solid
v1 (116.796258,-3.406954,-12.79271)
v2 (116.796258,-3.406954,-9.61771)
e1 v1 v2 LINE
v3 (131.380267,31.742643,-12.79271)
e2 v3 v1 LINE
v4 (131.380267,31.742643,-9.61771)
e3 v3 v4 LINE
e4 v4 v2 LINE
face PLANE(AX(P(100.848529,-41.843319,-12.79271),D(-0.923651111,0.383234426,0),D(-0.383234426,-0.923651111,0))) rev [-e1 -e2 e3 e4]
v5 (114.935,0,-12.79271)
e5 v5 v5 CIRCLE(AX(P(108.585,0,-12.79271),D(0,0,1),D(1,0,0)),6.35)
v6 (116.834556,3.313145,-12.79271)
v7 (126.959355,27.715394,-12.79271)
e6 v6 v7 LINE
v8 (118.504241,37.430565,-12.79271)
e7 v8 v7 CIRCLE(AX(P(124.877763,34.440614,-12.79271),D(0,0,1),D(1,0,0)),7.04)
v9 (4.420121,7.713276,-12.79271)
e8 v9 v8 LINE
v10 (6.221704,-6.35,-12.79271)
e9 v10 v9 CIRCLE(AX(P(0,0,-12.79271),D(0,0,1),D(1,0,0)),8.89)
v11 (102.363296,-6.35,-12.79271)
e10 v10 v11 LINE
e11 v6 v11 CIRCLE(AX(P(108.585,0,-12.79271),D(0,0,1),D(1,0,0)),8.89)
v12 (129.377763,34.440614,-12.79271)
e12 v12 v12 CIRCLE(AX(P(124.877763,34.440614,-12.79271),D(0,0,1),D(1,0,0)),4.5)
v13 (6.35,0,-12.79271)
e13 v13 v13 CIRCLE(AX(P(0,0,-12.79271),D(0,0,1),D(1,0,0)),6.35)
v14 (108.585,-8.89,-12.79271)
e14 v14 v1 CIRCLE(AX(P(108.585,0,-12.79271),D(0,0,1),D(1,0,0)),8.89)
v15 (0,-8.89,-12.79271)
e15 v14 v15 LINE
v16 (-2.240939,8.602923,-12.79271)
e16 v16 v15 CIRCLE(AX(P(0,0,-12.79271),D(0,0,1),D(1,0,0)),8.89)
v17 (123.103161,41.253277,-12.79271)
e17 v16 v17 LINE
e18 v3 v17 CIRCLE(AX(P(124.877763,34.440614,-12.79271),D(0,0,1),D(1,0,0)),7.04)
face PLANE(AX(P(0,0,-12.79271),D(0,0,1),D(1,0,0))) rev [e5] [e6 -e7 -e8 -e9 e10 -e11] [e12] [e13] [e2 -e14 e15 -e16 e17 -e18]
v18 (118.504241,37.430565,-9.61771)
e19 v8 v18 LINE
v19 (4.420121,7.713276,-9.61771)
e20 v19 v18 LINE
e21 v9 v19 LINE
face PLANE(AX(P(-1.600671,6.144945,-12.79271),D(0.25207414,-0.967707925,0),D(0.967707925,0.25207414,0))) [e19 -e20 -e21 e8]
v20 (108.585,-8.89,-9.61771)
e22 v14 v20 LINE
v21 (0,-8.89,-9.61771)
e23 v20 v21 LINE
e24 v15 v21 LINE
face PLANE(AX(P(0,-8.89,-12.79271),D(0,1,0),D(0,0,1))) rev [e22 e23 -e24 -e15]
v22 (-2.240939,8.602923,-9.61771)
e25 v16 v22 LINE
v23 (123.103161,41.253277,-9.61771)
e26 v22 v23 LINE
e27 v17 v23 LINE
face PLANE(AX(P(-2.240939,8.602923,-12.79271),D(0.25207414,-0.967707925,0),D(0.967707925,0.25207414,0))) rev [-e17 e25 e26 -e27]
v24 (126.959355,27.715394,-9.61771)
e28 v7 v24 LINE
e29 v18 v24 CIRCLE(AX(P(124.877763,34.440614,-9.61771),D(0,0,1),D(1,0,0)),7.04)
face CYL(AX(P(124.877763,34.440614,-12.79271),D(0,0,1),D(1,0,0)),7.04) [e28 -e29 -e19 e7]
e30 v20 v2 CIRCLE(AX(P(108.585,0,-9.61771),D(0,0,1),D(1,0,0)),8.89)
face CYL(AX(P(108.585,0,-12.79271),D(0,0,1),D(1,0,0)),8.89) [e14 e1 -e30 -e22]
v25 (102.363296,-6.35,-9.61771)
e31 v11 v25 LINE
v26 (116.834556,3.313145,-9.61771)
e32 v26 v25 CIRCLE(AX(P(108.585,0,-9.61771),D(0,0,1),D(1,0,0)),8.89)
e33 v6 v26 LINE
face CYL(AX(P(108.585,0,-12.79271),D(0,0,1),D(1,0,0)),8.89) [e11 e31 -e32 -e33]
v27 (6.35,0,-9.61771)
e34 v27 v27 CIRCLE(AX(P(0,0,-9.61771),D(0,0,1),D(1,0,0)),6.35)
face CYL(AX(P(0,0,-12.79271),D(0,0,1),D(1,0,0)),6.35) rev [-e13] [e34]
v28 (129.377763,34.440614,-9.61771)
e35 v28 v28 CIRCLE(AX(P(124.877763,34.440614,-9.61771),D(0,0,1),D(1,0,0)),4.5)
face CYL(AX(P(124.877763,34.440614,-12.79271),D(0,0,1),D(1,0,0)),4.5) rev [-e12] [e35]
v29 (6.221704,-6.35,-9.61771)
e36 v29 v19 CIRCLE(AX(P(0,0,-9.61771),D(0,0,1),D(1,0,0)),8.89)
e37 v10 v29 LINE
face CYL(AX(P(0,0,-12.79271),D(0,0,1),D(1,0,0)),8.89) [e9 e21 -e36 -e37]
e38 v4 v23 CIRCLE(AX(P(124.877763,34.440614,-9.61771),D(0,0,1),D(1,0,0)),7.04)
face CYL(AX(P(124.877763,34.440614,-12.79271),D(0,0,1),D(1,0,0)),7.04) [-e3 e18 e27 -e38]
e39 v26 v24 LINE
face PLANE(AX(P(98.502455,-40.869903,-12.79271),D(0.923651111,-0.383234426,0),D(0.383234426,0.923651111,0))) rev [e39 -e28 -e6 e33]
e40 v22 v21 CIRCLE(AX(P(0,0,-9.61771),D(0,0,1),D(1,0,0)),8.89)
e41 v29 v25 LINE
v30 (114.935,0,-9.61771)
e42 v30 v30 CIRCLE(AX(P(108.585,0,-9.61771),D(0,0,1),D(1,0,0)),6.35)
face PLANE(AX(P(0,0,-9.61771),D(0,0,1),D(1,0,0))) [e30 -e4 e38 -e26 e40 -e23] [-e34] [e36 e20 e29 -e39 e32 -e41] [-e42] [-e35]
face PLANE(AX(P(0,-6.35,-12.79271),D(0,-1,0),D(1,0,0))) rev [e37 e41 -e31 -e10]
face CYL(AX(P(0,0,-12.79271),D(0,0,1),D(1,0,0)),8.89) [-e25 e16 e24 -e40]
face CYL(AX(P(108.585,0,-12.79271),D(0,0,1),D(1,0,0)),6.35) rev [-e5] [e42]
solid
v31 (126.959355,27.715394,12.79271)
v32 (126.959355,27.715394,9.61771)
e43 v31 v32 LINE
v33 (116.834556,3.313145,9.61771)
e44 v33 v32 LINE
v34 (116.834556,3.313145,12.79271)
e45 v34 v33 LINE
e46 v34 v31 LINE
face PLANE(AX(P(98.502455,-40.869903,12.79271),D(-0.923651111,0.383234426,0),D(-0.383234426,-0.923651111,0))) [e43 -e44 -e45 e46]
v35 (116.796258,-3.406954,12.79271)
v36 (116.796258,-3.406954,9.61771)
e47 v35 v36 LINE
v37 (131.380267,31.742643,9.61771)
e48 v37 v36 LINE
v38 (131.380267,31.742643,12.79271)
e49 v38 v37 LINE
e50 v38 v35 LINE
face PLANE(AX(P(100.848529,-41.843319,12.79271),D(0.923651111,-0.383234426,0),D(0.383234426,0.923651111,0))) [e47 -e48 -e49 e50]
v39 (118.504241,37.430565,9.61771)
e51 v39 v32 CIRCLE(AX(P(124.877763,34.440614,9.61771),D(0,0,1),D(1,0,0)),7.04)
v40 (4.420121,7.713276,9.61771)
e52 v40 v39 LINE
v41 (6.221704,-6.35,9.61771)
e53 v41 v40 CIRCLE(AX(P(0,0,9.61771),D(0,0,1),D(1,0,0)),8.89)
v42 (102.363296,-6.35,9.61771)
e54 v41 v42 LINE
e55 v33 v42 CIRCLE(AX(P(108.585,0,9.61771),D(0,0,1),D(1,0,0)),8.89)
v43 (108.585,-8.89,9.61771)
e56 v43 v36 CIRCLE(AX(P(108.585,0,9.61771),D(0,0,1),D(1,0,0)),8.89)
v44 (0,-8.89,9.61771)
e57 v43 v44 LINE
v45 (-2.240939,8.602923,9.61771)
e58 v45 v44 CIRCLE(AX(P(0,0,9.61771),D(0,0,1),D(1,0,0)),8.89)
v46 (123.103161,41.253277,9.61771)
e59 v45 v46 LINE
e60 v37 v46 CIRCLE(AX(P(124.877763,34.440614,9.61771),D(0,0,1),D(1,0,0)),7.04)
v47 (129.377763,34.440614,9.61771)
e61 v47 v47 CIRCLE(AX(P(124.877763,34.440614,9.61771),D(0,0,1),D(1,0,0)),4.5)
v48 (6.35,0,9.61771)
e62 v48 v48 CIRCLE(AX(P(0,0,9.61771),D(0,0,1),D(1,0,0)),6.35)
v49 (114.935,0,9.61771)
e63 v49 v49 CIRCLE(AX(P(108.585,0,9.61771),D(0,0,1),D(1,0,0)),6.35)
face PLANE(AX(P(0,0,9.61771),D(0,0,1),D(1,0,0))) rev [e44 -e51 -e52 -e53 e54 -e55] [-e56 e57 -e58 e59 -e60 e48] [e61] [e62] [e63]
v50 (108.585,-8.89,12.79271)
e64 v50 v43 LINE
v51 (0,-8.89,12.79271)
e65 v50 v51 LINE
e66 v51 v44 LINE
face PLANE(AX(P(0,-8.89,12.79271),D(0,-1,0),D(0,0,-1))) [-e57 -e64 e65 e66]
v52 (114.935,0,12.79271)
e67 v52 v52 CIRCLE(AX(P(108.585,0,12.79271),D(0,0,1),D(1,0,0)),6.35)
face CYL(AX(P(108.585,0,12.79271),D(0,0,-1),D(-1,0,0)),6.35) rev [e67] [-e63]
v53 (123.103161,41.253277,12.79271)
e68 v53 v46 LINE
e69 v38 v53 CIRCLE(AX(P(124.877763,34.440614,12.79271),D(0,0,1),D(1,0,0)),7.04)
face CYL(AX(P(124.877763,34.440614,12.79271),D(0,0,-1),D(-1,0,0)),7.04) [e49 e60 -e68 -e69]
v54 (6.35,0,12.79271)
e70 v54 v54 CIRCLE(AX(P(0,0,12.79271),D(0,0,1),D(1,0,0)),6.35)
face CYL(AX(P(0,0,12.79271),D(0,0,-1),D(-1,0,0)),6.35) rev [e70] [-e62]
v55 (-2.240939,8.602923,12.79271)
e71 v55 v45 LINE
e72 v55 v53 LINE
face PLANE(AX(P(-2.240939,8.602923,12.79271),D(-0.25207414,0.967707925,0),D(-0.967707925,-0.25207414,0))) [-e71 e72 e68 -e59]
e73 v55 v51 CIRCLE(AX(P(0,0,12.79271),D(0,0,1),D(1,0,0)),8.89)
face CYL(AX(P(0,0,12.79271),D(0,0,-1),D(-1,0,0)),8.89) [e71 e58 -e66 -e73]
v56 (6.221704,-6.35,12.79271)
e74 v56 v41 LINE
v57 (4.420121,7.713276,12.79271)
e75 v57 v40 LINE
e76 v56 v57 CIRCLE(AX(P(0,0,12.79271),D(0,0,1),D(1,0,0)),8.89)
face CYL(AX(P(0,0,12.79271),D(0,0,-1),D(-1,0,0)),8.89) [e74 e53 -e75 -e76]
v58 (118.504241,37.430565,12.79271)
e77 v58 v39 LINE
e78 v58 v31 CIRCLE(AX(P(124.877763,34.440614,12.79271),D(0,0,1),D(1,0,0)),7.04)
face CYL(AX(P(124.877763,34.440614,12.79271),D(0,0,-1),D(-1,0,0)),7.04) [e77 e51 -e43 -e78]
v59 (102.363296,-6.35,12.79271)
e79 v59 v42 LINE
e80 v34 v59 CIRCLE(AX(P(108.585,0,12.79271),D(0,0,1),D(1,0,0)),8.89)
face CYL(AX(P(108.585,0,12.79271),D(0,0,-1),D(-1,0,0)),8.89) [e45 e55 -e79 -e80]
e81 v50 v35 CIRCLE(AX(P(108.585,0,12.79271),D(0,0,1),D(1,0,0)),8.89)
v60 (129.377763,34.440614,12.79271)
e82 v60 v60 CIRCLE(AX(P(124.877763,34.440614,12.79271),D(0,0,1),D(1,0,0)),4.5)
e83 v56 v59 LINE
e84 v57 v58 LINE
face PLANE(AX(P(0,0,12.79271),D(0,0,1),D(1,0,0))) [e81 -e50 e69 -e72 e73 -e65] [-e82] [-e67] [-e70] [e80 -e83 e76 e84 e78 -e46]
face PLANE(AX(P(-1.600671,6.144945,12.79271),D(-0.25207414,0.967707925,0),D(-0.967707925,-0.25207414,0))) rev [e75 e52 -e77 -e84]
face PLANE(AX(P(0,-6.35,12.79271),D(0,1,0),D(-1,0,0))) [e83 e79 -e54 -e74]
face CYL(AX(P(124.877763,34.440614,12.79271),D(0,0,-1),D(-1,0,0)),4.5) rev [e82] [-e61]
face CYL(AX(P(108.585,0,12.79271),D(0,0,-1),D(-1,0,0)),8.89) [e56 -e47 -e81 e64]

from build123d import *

# Parameters (mm, degrees)
BOSS_EXTRUDE1_START = 9.61771
SKETCH1_R           = 6.35
SKETCH1_R_2         = 4.5
BOSS_EXTRUDE1_DEPTH = 3.175
BOSS_EXTRUDE2_START = -9.61771
SKETCH1_4_R         = 6.35
SKETCH1_4_R_2       = 4.5
BOSS_EXTRUDE2_DEPTH = 3.175


with BuildPart() as part:
    # Sketch1 → Boss-Extrude1 (new body)
    with BuildSketch(Plane.XY.offset(BOSS_EXTRUDE1_START)):
        with BuildLine():
            ThreePointArc((-2.240939106, 8.602923452), (-8.817938804, -1.129626157), (0, -8.89))
            Line((0, -8.89), (108.585, -8.89))
            ThreePointArc((108.585, -8.89), (113.521814689, -7.3932375), (116.796258377, -3.406954044))
            Line((116.796258377, -3.406954044), (131.38026698, 31.742643294))
            ThreePointArc((131.38026698, 31.742643294), (130.188253202, 39.062333622), (123.103161211, 41.253277443))
            Line((123.103161211, 41.253277443), (-2.240939106, 8.602923452))
        make_face()
        Circle(SKETCH1_R, mode=Mode.SUBTRACT)
        with BuildLine():
            Line((4.420121426, 7.713275995), (118.50424059, 37.43056517))
            ThreePointArc((118.50424059, 37.43056517), (119.567273114, 29.81889368), (126.959354757, 27.715394219))
            Line((126.959354757, 27.715394219), (116.834555694, 3.31314516))
            ThreePointArc((116.834555694, 3.31314516), (103.648185311, 7.3932375), (102.363296053, -6.35))
            Line((102.363296053, -6.35), (6.221703947, -6.35))
            ThreePointArc((6.221703947, -6.35), (8.817938804, 1.129626157), (4.420121426, 7.713275995))
        make_face(mode=Mode.SUBTRACT)
        with Locations((124.877763158, 34.440613651)):
            Circle(SKETCH1_R_2, mode=Mode.SUBTRACT)
        with Locations((108.585, 0)):
            Circle(SKETCH1_R, mode=Mode.SUBTRACT)
    extrude(amount=BOSS_EXTRUDE1_DEPTH)


with BuildPart() as body_2:
    # Sketch1<4> → Boss-Extrude2 (new body)
    with BuildSketch(Plane.XY.offset(BOSS_EXTRUDE2_START)):
        with BuildLine():
            ThreePointArc((-2.240939106, 8.602923452), (-8.817938804, -1.129626157), (0, -8.89))
            Line((0, -8.89), (108.585, -8.89))
            ThreePointArc((108.585, -8.89), (113.521814689, -7.3932375), (116.796258377, -3.406954044))
            Line((116.796258377, -3.406954044), (131.38026698, 31.742643294))
            ThreePointArc((131.38026698, 31.742643294), (130.188253202, 39.062333622), (123.103161211, 41.253277443))
            Line((123.103161211, 41.253277443), (-2.240939106, 8.602923452))
        make_face()
        Circle(SKETCH1_4_R, mode=Mode.SUBTRACT)
        with BuildLine():
            Line((4.420121426, 7.713275995), (118.50424059, 37.43056517))
            ThreePointArc((118.50424059, 37.43056517), (119.567273114, 29.81889368), (126.959354757, 27.715394219))
            Line((126.959354757, 27.715394219), (116.834555694, 3.31314516))
            ThreePointArc((116.834555694, 3.31314516), (103.648185311, 7.3932375), (102.363296053, -6.35))
            Line((102.363296053, -6.35), (6.221703947, -6.35))
            ThreePointArc((6.221703947, -6.35), (8.817938804, 1.129626157), (4.420121426, 7.713275995))
        make_face(mode=Mode.SUBTRACT)
        with Locations((124.877763158, 34.440613651)):
            Circle(SKETCH1_4_R_2, mode=Mode.SUBTRACT)
        with Locations((108.585, 0)):
            Circle(SKETCH1_4_R, mode=Mode.SUBTRACT)
    extrude(amount=-BOSS_EXTRUDE2_DEPTH)


solid = Compound([part.part, body_2.part])
